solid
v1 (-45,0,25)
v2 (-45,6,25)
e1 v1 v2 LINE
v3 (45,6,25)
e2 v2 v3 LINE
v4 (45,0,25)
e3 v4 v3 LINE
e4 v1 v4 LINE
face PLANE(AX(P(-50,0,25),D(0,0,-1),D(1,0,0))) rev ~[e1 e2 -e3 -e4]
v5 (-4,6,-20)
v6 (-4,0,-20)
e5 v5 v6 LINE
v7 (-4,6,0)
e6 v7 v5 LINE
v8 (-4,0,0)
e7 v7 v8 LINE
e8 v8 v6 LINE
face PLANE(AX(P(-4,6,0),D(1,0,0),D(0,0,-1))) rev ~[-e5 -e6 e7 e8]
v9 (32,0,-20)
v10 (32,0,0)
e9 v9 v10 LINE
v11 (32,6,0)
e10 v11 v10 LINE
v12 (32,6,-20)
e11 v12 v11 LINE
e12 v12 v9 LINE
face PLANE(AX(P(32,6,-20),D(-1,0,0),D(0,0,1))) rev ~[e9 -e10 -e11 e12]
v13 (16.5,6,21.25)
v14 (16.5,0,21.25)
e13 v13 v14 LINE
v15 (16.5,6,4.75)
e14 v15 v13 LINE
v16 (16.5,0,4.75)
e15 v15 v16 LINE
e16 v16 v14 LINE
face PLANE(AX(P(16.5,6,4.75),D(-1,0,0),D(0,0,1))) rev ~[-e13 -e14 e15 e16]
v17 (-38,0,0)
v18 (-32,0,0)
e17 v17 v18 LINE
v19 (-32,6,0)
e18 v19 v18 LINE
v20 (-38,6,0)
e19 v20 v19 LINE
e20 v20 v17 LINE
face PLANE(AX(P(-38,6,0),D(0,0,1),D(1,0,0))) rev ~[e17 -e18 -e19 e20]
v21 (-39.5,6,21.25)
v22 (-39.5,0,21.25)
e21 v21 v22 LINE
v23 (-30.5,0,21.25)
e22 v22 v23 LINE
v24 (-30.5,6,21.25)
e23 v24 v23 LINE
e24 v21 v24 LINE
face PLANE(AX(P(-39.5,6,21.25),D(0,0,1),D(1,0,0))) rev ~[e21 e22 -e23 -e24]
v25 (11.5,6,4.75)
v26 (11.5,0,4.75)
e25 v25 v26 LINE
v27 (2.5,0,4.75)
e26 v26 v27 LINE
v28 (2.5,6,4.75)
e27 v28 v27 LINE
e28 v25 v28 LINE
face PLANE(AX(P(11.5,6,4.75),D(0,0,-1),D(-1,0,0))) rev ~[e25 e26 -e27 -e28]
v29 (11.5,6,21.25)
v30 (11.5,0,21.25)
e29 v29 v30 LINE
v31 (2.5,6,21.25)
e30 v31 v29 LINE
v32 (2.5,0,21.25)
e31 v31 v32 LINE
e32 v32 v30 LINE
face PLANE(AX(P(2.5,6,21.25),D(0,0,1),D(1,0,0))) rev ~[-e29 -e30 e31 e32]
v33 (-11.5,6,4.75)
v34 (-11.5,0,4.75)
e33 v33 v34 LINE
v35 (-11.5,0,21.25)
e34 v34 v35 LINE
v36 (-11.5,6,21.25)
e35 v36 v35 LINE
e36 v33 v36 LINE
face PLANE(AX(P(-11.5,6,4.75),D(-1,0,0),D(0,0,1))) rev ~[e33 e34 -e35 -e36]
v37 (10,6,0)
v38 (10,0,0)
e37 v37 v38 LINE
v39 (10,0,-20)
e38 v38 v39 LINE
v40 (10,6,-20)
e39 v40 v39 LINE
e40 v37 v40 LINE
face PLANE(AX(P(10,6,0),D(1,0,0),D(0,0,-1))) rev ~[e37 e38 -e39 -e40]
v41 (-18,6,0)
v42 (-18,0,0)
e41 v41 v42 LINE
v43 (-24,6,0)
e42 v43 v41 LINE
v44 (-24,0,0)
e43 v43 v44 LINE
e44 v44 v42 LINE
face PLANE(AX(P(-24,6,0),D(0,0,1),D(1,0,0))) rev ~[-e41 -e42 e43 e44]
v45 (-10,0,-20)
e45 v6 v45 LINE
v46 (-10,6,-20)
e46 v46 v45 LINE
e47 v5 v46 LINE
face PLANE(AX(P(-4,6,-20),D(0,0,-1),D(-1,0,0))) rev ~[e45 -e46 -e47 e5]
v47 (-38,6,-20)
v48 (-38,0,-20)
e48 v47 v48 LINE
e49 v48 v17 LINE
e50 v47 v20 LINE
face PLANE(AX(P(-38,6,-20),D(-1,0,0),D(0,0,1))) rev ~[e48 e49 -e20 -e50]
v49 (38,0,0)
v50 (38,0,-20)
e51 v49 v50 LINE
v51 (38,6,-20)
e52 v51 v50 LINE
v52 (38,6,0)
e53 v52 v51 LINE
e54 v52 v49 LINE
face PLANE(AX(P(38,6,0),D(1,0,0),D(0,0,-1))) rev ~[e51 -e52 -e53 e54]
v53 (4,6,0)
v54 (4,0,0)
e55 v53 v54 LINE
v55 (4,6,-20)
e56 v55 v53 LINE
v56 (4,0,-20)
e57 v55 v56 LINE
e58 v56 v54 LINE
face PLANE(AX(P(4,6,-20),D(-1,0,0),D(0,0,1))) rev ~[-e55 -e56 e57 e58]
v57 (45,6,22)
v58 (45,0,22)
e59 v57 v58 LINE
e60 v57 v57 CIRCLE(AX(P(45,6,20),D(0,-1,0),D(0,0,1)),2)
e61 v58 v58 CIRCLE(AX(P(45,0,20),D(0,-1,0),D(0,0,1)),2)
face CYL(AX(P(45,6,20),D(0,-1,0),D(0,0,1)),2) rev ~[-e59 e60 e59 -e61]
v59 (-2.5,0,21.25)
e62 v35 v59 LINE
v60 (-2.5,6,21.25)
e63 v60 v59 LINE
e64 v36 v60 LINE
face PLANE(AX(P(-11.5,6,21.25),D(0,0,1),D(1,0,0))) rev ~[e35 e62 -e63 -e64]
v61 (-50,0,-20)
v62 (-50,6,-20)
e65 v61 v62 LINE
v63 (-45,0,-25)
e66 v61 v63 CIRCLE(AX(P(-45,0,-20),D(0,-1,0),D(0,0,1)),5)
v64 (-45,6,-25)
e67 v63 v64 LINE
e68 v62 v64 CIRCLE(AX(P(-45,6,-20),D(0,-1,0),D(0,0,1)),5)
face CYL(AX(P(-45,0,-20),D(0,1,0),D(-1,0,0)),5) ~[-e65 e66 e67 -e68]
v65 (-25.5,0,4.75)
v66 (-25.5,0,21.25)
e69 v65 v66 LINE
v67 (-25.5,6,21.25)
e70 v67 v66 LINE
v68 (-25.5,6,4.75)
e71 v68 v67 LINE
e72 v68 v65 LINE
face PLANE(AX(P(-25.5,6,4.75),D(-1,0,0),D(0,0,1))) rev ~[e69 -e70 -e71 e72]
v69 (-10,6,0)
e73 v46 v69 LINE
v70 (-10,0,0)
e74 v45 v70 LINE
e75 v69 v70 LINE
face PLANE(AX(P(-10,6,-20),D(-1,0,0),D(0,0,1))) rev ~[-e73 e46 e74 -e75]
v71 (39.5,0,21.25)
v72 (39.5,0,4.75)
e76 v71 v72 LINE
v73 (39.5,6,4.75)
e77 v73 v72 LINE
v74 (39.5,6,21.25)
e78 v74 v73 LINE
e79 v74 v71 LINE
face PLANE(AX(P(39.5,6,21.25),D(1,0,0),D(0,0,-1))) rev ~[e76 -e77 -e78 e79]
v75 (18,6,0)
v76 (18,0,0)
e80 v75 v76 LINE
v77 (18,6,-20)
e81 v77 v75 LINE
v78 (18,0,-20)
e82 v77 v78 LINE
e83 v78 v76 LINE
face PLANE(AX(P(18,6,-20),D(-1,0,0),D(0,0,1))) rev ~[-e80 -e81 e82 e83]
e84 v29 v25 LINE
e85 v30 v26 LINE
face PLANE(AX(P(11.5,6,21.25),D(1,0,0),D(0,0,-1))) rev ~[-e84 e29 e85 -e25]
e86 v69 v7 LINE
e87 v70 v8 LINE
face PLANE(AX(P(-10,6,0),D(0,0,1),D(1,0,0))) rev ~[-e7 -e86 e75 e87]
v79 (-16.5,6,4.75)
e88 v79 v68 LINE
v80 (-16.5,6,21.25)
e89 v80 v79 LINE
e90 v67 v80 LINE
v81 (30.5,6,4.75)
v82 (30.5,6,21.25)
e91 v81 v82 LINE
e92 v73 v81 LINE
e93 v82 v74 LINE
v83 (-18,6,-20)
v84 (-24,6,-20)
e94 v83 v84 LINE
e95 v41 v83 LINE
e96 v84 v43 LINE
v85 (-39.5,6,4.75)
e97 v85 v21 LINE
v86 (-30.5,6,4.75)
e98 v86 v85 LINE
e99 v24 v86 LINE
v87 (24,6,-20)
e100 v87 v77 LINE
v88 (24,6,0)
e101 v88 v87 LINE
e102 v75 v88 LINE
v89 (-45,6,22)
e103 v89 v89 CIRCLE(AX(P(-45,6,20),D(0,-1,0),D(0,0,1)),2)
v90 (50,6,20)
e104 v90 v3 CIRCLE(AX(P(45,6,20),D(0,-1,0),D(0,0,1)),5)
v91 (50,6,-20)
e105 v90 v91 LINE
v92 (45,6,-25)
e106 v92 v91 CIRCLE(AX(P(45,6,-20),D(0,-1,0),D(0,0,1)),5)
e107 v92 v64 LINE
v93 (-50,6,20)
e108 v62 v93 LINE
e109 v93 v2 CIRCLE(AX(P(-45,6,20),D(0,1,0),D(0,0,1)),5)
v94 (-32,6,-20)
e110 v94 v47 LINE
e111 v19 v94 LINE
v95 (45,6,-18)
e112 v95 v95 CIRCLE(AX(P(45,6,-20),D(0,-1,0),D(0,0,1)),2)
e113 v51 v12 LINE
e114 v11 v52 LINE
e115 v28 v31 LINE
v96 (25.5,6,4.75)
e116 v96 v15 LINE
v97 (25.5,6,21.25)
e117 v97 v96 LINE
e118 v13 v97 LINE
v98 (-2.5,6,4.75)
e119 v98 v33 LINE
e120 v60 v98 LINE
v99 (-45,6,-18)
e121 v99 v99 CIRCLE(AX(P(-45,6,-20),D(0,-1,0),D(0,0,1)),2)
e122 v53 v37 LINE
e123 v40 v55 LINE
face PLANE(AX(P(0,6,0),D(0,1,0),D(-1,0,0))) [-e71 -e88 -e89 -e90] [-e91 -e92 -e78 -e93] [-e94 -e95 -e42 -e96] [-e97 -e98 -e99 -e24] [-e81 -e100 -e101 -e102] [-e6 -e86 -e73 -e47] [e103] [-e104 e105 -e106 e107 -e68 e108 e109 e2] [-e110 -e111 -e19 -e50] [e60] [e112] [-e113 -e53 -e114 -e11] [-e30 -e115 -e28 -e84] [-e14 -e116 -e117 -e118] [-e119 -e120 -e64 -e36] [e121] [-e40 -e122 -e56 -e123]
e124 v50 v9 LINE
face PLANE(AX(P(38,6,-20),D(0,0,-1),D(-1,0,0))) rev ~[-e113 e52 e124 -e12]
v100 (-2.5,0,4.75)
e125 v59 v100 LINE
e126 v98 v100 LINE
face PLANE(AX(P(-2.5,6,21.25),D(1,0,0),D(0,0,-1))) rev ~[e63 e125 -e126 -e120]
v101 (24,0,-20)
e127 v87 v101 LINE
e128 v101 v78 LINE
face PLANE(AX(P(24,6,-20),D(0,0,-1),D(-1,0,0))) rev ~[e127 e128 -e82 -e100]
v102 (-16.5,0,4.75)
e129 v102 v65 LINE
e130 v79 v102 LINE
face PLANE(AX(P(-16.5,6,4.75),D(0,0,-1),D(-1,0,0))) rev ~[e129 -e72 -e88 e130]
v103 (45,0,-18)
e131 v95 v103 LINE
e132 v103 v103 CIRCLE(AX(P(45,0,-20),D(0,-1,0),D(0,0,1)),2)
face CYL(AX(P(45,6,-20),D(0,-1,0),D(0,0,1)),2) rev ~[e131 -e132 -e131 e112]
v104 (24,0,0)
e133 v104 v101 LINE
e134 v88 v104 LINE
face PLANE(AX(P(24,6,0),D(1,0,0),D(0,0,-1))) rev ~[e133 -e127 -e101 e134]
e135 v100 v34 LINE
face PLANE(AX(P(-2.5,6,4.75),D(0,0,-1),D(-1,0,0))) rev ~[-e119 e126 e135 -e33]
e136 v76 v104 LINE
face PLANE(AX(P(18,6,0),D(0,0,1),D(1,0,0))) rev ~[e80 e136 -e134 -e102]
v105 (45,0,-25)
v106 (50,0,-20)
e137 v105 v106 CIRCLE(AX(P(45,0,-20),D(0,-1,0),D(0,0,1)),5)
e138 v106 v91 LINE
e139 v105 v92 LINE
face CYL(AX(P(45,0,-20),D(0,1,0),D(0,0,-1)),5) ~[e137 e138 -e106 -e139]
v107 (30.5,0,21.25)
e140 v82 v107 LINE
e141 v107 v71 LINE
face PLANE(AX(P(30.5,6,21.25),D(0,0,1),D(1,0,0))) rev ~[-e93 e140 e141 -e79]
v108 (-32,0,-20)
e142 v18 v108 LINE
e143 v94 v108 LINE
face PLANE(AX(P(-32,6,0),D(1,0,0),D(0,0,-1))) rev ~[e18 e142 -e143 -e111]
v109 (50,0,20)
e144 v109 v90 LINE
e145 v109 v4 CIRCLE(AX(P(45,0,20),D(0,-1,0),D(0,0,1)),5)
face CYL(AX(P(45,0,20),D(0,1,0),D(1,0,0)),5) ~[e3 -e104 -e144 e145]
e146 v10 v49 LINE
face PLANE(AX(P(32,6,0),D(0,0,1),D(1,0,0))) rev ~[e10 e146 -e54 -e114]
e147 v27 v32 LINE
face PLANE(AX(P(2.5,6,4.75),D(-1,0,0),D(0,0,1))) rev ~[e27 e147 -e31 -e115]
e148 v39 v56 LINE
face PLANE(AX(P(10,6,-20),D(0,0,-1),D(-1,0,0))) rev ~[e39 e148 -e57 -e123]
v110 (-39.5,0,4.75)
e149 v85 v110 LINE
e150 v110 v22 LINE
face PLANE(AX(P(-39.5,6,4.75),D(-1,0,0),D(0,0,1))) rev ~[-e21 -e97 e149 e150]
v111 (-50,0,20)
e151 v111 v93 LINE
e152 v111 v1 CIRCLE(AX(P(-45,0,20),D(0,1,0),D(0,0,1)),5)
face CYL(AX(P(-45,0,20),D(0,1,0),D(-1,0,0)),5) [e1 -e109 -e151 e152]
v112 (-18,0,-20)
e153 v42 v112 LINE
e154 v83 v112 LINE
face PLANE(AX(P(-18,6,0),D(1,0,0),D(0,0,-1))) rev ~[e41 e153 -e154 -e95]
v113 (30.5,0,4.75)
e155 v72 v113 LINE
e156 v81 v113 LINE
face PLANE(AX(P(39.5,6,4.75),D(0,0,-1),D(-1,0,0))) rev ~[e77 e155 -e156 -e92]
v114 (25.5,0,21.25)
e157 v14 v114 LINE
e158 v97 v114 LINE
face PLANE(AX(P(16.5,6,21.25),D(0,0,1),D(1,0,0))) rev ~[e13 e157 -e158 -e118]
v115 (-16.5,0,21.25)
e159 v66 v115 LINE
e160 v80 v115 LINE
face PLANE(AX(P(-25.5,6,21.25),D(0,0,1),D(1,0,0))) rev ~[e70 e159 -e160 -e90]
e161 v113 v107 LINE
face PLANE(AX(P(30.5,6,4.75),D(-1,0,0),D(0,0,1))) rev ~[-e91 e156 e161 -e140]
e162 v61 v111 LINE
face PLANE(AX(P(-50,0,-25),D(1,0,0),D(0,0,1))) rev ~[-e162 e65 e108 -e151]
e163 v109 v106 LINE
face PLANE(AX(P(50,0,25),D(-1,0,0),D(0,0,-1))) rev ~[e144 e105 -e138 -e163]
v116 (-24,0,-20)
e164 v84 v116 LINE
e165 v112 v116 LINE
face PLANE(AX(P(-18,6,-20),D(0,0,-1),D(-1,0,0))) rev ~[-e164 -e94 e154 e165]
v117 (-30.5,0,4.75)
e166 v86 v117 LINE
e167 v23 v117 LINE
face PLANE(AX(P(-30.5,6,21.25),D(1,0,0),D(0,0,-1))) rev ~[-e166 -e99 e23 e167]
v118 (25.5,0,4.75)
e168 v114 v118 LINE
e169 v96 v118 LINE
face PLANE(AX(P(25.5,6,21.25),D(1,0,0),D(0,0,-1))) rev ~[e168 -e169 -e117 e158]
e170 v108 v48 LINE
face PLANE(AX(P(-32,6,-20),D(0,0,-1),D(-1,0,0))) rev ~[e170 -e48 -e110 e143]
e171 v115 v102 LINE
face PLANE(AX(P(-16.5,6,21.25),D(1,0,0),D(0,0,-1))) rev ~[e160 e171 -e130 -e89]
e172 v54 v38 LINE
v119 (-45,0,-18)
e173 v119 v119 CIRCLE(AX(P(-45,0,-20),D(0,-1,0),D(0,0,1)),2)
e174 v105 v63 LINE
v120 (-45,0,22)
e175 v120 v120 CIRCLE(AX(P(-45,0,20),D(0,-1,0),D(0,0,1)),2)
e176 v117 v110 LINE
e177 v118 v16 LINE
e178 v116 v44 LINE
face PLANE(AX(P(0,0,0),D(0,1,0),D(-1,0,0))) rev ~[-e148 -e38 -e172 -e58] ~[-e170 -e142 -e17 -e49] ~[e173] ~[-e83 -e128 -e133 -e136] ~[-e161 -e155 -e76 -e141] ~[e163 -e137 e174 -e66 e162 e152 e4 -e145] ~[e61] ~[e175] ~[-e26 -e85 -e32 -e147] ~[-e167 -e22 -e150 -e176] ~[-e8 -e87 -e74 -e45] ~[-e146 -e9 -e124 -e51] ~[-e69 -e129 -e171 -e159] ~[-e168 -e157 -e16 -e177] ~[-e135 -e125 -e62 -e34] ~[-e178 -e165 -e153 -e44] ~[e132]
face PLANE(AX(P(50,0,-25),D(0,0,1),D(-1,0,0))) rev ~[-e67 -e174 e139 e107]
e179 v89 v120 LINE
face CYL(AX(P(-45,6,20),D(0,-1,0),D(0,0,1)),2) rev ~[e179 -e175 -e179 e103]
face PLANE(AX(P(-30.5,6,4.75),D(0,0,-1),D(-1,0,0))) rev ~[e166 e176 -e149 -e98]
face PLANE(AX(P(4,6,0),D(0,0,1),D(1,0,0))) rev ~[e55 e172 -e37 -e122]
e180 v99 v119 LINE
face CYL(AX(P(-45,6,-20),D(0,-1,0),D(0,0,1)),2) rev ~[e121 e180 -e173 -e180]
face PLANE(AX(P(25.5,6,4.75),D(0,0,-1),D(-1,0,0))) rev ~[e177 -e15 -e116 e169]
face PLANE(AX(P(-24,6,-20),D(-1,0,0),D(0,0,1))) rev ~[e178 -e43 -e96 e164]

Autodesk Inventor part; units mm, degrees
ref_plane "YZ Plane" through (0, 0, 0) normal (1, 0, 0) x (0, 1, 0)
ref_plane "XZ Plane" through (0, 0, 0) normal (0, 1, 0) x (-1, 0, 0)
ref_plane "XY Plane" through (0, 0, 0) normal (0, 0, 1) x (1, 0, 0)
sketch "Sketch1" plane through (0, 0, 0) normal (0, 1, 0) x (-1, 0, 0)
  line L0 (50, 25) -> (-50, 25)
  line L1 (-50, 25) -> (-50, -25)
  line L2 (-50, -25) -> (50, -25)
  line L3 (50, -25) -> (50, 25)
  line L4 (50, 25) -> (-50, -25) construction
  line L5 (-50, 25) -> (50, -25) construction
  point P0 (0, 0)
  dimension "d0" = 100
  dimension "d1" = 50
extrude "Extrusion1" add sketch "Sketch1" along normal blind 6
fillet "Fillet1" radius 5 4 edges at (50, 3, 25) (50, 3, -25) (-50, 3, -25) (-50, 3, 25)
sketch "Sketch2" plane through (0, 6, 0) normal (0, 1, 0) x (1, 0, 0)
  line L0 (-39.5, -21.25) -> (-30.5, -21.25)
  line L1 (-30.5, -21.25) -> (-30.5, -4.75)
  line L2 (-30.5, -4.75) -> (-39.5, -4.75)
  line L3 (-39.5, -4.75) -> (-39.5, -21.25)
  line L4 (-39.5, -21.25) -> (-30.5, -4.75) construction
  line L5 (-30.5, -21.25) -> (-39.5, -4.75) construction
  line L6 (-25.5, -21.25) -> (-16.5, -21.25)
  line L7 (-16.5, -21.25) -> (-16.5, -4.75)
  line L8 (-16.5, -4.75) -> (-25.5, -4.75)
  line L9 (-25.5, -4.75) -> (-25.5, -21.25)
  line L10 (-25.5, -21.25) -> (-16.5, -4.75) construction
  line L11 (-16.5, -21.25) -> (-25.5, -4.75) construction
  line L12 (-11.5, -21.25) -> (-2.5, -21.25)
  line L13 (-2.5, -21.25) -> (-2.5, -4.75)
  line L14 (-2.5, -4.75) -> (-11.5, -4.75)
  line L15 (-11.5, -4.75) -> (-11.5, -21.25)
  line L16 (-11.5, -21.25) -> (-2.5, -4.75) construction
  line L17 (-2.5, -21.25) -> (-11.5, -4.75) construction
  line L18 (2.5, -21.25) -> (11.5, -21.25)
  line L19 (11.5, -21.25) -> (11.5, -4.75)
  line L20 (11.5, -4.75) -> (2.5, -4.75)
  line L21 (2.5, -4.75) -> (2.5, -21.25)
  line L22 (2.5, -21.25) -> (11.5, -4.75) construction
  line L23 (11.5, -21.25) -> (2.5, -4.75) construction
  line L24 (16.5, -21.25) -> (25.5, -21.25)
  line L25 (25.5, -21.25) -> (25.5, -4.75)
  line L26 (25.5, -4.75) -> (16.5, -4.75)
  line L27 (16.5, -4.75) -> (16.5, -21.25)
  line L28 (16.5, -21.25) -> (25.5, -4.75) construction
  line L29 (25.5, -21.25) -> (16.5, -4.75) construction
  line L30 (30.5, -21.25) -> (39.5, -21.25)
  line L31 (39.5, -21.25) -> (39.5, -4.75)
  line L32 (39.5, -4.75) -> (30.5, -4.75)
  line L33 (30.5, -4.75) -> (30.5, -21.25)
  line L34 (30.5, -21.25) -> (39.5, -4.75) construction
  line L35 (39.5, -21.25) -> (30.5, -4.75) construction
  line L36 (-45, -25) -> (45, -25) projected
  line L37 (-50, 20) -> (-50, -20) projected
  point P0 (0, 0)
  point P1 (-35, -13)
  point P2 (-21, -13)
  point P3 (-7, -13)
  point P4 (7, -13)
  point P5 (21, -13)
  point P6 (35, -13)
  dimension "d5" = 9
  dimension "d6" = 16.5
  dimension "d9" = 14
  dimension "d14" = 7
  dimension "d15" = 13
  dimension "d44" = 12
  dimension "d45" = 15
extrude "Extrusion2" cut sketch "Sketch2" against normal blind 10
sketch "Sketch3" plane through (0, 6, 0) normal (0, 1, 0) x (1, 0, 0)
  line L0 (-16.5, -21.25) -> (-25.5, -21.25) projected
  line L1 (-45, -25) -> (45, -25) projected
  line L2 (45, 25) -> (-45, 25) projected
  line L3 (-38, 0) -> (-32, 0)
  line L4 (-32, 0) -> (-32, 20)
  line L5 (-32, 20) -> (-38, 20)
  line L6 (-38, 20) -> (-38, 0)
  line L7 (-38, 0) -> (-32, 20) construction
  line L8 (-32, 0) -> (-38, 20) construction
  line L9 (-24, 0) -> (-18, 0)
  line L10 (-18, 0) -> (-18, 20)
  line L11 (-18, 20) -> (-24, 20)
  line L12 (-24, 20) -> (-24, 0)
  line L13 (-24, 0) -> (-18, 20) construction
  line L14 (-18, 0) -> (-24, 20) construction
  line L15 (-10, 0) -> (-4, 0)
  line L16 (-4, 0) -> (-4, 20)
  line L17 (-4, 20) -> (-10, 20)
  line L18 (-10, 20) -> (-10, 0)
  line L19 (-10, 0) -> (-4, 20) construction
  line L20 (-4, 0) -> (-10, 20) construction
  line L21 (4, 0) -> (10, 0)
  line L22 (10, 0) -> (10, 20)
  line L23 (10, 20) -> (4, 20)
  line L24 (4, 20) -> (4, 0)
  line L25 (4, 0) -> (10, 20) construction
  line L26 (10, 0) -> (4, 20) construction
  line L27 (18, 0) -> (24, 0)
  line L28 (24, 0) -> (24, 20)
  line L29 (24, 20) -> (18, 20)
  line L30 (18, 20) -> (18, 0)
  line L31 (18, 0) -> (24, 20) construction
  line L32 (24, 0) -> (18, 20) construction
  line L33 (32, 0) -> (38, 0)
  line L34 (38, 0) -> (38, 20)
  line L35 (38, 20) -> (32, 20)
  line L36 (32, 20) -> (32, 0)
  line L37 (32, 0) -> (38, 20) construction
  line L38 (38, 0) -> (32, 20) construction
  line L39 (-50, 20) -> (-50, -20) projected
  point P0 (0, 0)
  point P1 (-35, 10)
  point P2 (-21, 10)
  point P3 (-7, 10)
  point P4 (7, 10)
  point P5 (21, 10)
  point P6 (35, 10)
  dimension "d20" = 14
  dimension "d25" = 7
  dimension "d26" = 6
  dimension "d27" = 20
  dimension "d28" = 5
  dimension "d29" = 3.75
  dimension "d41" = 15
  dimension "d42" = 15
  dimension "d43" = 35
extrude "Extrusion3" cut sketch "Sketch3" against normal blind 10
sketch "Sketch4" plane through (0, 6, 0) normal (0, 1, 0) x (1, 0, 0)
  arc A0 (-50, -20) -> (-45, -25) centre (-45, -20) ccw projected
  arc A1 (45, -25) -> (50, -20) centre (45, -20) ccw projected
  arc A2 (50, 20) -> (45, 25) centre (45, 20) ccw projected
  arc A3 (-45, 25) -> (-50, 20) centre (-45, 20) ccw projected
  line L0 (45, 25) -> (-45, 25) projected
  line L1 (-50, 20) -> (-50, -20) projected
  point P0 (0, 0)
  dimension "d39" = 5
  dimension "d40" = 5
hole "Hole1" at (-45, 6, -20) at (45, 6, -20) at (45, 6, 20) at (-45, 6, 20) direction (0, -1, 0) diameter 4 end through all
equation "\"d14\" = 0.5 * d9"
equation "\"d25\" = 0.5 * d20"
properties part number "AcrylicUpperTop" material "Acrylic, Clear"
